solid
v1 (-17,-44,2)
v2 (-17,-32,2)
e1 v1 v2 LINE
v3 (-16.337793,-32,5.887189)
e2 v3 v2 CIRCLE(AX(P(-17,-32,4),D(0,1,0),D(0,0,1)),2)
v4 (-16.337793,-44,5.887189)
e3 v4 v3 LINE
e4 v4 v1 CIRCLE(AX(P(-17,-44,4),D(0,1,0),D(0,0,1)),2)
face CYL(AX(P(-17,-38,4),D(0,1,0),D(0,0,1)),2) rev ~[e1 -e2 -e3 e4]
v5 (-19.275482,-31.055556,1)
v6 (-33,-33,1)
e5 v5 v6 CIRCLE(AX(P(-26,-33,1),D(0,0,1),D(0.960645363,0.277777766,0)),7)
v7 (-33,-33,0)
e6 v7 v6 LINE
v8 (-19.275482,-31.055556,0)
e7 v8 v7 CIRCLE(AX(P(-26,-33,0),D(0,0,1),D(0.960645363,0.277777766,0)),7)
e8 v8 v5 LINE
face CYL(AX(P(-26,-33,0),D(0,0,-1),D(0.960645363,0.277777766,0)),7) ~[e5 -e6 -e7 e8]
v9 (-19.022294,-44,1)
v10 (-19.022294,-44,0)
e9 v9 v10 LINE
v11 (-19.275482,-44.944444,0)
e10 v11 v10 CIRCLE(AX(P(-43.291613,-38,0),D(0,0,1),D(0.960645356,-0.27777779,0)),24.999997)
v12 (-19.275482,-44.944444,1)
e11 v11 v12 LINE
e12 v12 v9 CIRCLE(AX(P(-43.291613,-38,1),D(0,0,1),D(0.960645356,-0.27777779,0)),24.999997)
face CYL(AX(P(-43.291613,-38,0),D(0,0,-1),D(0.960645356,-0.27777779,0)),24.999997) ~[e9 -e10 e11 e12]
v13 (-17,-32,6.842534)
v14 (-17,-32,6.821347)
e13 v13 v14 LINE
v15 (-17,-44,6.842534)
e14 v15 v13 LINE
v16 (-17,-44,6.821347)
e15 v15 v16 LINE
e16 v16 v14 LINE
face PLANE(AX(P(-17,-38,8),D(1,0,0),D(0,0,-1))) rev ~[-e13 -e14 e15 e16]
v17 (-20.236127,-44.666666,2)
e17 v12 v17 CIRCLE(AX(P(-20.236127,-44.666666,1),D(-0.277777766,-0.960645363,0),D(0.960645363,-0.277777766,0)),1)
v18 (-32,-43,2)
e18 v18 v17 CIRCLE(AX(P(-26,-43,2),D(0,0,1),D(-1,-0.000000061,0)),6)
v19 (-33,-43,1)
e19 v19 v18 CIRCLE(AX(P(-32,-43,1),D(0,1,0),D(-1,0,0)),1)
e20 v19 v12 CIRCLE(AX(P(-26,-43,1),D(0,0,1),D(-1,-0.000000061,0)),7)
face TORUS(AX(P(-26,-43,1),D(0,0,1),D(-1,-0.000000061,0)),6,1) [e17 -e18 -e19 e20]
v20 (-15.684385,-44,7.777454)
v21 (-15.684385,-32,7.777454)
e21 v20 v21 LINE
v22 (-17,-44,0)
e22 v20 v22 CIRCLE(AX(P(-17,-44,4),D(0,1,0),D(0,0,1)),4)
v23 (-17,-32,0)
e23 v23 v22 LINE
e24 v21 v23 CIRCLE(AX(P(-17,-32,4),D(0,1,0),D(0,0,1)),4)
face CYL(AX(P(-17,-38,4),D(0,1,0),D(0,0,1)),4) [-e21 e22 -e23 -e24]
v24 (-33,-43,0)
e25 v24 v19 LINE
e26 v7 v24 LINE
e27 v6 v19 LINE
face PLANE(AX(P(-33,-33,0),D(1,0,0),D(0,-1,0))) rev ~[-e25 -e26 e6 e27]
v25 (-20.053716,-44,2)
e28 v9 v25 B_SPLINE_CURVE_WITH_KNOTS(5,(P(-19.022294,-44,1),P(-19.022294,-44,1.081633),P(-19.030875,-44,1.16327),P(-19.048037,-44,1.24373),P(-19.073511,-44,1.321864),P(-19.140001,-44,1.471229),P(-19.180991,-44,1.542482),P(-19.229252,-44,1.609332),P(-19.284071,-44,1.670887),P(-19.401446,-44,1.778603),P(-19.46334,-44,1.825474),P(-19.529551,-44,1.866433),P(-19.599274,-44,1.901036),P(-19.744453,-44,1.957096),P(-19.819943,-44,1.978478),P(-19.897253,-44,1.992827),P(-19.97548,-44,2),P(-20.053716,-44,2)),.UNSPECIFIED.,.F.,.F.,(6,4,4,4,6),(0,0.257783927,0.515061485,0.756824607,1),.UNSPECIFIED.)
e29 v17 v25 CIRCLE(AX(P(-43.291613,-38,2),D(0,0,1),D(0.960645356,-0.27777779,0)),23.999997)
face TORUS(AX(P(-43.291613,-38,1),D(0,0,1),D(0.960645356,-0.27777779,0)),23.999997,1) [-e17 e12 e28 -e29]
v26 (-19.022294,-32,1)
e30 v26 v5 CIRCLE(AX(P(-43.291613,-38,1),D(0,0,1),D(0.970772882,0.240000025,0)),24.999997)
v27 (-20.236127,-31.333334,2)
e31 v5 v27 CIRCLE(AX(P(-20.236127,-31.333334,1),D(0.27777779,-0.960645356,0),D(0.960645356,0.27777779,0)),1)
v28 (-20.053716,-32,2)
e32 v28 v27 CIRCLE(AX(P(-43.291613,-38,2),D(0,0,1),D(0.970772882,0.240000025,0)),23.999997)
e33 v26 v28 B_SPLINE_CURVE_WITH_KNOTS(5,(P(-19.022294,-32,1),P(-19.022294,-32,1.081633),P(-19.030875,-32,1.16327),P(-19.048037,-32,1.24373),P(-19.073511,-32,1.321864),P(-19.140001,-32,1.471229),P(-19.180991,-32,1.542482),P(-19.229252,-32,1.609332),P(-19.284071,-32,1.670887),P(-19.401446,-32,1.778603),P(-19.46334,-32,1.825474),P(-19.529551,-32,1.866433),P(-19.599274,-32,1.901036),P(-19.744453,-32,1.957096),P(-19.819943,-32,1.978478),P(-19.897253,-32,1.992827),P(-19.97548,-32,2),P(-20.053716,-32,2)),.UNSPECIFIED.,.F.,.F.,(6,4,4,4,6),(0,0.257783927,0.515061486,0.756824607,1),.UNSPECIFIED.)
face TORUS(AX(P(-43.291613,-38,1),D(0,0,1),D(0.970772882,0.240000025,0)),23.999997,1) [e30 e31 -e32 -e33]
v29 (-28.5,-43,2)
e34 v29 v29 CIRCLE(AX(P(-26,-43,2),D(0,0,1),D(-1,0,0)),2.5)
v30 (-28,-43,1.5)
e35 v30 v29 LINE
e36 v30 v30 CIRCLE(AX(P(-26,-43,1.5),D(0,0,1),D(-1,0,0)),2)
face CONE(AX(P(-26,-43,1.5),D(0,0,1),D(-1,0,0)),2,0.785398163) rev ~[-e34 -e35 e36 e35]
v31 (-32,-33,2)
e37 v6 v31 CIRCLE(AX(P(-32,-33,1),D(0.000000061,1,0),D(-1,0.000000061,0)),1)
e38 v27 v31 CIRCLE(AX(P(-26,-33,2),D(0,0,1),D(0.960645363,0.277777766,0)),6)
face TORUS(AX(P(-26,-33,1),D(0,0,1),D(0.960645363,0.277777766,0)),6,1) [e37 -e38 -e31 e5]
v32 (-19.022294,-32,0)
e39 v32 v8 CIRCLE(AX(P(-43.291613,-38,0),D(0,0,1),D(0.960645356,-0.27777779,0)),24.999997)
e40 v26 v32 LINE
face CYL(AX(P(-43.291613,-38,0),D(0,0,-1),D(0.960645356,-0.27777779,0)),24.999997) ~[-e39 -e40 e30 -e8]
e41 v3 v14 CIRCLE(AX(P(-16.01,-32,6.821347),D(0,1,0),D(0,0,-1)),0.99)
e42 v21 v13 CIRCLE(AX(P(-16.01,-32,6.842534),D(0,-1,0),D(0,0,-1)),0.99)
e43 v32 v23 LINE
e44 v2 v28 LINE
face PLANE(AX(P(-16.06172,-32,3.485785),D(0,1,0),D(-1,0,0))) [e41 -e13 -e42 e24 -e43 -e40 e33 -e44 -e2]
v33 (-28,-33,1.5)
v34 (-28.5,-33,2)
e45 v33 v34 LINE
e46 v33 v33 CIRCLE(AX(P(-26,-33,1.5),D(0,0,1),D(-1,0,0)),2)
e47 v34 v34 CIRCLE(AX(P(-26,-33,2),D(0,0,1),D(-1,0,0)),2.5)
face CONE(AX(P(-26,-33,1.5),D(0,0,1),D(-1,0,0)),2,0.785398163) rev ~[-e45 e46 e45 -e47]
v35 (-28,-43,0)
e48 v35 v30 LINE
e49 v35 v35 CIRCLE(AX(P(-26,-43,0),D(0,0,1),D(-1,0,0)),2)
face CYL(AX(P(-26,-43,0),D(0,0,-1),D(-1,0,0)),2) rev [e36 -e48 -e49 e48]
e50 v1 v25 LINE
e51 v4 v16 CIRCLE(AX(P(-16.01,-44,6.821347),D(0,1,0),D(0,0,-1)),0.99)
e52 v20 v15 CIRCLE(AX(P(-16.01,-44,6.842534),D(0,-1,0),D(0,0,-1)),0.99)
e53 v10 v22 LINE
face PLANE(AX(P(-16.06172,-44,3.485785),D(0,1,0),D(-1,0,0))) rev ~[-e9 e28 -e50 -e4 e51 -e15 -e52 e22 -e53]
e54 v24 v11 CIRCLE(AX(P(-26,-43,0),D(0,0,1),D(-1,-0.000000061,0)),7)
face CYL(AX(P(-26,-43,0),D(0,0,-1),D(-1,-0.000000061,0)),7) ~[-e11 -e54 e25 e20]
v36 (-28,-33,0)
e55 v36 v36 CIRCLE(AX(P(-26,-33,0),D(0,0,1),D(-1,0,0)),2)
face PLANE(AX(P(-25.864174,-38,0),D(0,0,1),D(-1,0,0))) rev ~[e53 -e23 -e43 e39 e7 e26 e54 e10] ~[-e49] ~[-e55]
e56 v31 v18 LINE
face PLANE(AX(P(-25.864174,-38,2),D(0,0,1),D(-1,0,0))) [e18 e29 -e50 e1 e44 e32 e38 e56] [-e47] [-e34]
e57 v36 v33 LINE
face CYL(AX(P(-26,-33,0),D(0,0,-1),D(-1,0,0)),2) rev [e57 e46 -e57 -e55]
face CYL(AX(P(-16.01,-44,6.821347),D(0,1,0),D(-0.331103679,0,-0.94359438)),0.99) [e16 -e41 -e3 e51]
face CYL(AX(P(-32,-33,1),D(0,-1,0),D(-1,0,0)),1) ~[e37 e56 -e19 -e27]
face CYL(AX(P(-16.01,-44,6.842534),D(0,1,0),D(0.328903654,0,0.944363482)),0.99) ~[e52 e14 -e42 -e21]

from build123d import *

# Parameters (mm, degrees)
SKETCH_R             = 2
PAD_DEPTH            = 2
PAD001_DEPTH         = 6
CHAMFER_SIZE         = 0.5
FILLET_R             = 0.99
FILLET001_R          = 1
BODY_PLACEMENT_ANGLE = 180


with BuildPart() as part:
    # Sketch → Pad (new body)
    with BuildSketch(Plane.XY):
        with BuildLine():
            ThreePointArc((7, 5), (0.981931, 11.930787), (-6.724518, 6.944444))
            ThreePointArc((-6.724518, 6.944444), (-7.708384, 0), (-6.724518, -6.944444))
            ThreePointArc((-6.724518, -6.944444), (0.981931, -11.930787), (7, -5))
            Line((7, -5), (7, 5))
        make_face()
        with Locations((0, 5)):
            Circle(SKETCH_R, mode=Mode.SUBTRACT)
        with Locations((0, -5)):
            Circle(SKETCH_R, mode=Mode.SUBTRACT)
    extrude(amount=PAD_DEPTH)

    # Sketch001 → Pad001 (join, symmetric)
    with BuildSketch(Plane.XZ):
        with BuildLine():
            Line((-6.724518, 2), (-9, 2))
            ThreePointArc((-9, 6), (-11, 4), (-9, 2))
            Line((-9, 8), (-9, 6))
            ThreePointArc((-9, 8), (-13, 4), (-9, 0))
            Line((-6.724518, 0), (-9, 0))
            Line((-6.724518, 2), (-6.724518, 0))
        make_face()
    extrude(amount=PAD001_DEPTH, both=True)

    # Chamfer
    chamfer_edges = [part.edges().sort_by_distance(p)[0] for p in [
        (-2, -5, 2),
        (-2, 5, 2),
    ]]
    chamfer(chamfer_edges, length=CHAMFER_SIZE)

    # Fillet
    fillet_edges = [part.edges().sort_by_distance(p)[0] for p in [
        (-9, 0, 8),
        (-9, 0, 6),
    ]]
    fillet(fillet_edges, radius=FILLET_R)

    # Fillet001
    fillet001_edges = [part.edges().sort_by_distance(p)[0] for p in [
        (-6.855729, 6.47346, 2),
        (0.981931, 11.930787, 2),
        (7, 0, 2),
        (0.981931, -11.930787, 2),
        (-6.855729, -6.47346, 2),
    ]]
    fillet(fillet001_edges, radius=FILLET001_R)


with BuildPart() as part_1:
    # Body placement: moved
    add(part.part.moved(Location((-26, -38, 0))).rotate(Axis((-26, -38, 0), (0, 0, 1)), BODY_PLACEMENT_ANGLE))


solid = part_1.part
